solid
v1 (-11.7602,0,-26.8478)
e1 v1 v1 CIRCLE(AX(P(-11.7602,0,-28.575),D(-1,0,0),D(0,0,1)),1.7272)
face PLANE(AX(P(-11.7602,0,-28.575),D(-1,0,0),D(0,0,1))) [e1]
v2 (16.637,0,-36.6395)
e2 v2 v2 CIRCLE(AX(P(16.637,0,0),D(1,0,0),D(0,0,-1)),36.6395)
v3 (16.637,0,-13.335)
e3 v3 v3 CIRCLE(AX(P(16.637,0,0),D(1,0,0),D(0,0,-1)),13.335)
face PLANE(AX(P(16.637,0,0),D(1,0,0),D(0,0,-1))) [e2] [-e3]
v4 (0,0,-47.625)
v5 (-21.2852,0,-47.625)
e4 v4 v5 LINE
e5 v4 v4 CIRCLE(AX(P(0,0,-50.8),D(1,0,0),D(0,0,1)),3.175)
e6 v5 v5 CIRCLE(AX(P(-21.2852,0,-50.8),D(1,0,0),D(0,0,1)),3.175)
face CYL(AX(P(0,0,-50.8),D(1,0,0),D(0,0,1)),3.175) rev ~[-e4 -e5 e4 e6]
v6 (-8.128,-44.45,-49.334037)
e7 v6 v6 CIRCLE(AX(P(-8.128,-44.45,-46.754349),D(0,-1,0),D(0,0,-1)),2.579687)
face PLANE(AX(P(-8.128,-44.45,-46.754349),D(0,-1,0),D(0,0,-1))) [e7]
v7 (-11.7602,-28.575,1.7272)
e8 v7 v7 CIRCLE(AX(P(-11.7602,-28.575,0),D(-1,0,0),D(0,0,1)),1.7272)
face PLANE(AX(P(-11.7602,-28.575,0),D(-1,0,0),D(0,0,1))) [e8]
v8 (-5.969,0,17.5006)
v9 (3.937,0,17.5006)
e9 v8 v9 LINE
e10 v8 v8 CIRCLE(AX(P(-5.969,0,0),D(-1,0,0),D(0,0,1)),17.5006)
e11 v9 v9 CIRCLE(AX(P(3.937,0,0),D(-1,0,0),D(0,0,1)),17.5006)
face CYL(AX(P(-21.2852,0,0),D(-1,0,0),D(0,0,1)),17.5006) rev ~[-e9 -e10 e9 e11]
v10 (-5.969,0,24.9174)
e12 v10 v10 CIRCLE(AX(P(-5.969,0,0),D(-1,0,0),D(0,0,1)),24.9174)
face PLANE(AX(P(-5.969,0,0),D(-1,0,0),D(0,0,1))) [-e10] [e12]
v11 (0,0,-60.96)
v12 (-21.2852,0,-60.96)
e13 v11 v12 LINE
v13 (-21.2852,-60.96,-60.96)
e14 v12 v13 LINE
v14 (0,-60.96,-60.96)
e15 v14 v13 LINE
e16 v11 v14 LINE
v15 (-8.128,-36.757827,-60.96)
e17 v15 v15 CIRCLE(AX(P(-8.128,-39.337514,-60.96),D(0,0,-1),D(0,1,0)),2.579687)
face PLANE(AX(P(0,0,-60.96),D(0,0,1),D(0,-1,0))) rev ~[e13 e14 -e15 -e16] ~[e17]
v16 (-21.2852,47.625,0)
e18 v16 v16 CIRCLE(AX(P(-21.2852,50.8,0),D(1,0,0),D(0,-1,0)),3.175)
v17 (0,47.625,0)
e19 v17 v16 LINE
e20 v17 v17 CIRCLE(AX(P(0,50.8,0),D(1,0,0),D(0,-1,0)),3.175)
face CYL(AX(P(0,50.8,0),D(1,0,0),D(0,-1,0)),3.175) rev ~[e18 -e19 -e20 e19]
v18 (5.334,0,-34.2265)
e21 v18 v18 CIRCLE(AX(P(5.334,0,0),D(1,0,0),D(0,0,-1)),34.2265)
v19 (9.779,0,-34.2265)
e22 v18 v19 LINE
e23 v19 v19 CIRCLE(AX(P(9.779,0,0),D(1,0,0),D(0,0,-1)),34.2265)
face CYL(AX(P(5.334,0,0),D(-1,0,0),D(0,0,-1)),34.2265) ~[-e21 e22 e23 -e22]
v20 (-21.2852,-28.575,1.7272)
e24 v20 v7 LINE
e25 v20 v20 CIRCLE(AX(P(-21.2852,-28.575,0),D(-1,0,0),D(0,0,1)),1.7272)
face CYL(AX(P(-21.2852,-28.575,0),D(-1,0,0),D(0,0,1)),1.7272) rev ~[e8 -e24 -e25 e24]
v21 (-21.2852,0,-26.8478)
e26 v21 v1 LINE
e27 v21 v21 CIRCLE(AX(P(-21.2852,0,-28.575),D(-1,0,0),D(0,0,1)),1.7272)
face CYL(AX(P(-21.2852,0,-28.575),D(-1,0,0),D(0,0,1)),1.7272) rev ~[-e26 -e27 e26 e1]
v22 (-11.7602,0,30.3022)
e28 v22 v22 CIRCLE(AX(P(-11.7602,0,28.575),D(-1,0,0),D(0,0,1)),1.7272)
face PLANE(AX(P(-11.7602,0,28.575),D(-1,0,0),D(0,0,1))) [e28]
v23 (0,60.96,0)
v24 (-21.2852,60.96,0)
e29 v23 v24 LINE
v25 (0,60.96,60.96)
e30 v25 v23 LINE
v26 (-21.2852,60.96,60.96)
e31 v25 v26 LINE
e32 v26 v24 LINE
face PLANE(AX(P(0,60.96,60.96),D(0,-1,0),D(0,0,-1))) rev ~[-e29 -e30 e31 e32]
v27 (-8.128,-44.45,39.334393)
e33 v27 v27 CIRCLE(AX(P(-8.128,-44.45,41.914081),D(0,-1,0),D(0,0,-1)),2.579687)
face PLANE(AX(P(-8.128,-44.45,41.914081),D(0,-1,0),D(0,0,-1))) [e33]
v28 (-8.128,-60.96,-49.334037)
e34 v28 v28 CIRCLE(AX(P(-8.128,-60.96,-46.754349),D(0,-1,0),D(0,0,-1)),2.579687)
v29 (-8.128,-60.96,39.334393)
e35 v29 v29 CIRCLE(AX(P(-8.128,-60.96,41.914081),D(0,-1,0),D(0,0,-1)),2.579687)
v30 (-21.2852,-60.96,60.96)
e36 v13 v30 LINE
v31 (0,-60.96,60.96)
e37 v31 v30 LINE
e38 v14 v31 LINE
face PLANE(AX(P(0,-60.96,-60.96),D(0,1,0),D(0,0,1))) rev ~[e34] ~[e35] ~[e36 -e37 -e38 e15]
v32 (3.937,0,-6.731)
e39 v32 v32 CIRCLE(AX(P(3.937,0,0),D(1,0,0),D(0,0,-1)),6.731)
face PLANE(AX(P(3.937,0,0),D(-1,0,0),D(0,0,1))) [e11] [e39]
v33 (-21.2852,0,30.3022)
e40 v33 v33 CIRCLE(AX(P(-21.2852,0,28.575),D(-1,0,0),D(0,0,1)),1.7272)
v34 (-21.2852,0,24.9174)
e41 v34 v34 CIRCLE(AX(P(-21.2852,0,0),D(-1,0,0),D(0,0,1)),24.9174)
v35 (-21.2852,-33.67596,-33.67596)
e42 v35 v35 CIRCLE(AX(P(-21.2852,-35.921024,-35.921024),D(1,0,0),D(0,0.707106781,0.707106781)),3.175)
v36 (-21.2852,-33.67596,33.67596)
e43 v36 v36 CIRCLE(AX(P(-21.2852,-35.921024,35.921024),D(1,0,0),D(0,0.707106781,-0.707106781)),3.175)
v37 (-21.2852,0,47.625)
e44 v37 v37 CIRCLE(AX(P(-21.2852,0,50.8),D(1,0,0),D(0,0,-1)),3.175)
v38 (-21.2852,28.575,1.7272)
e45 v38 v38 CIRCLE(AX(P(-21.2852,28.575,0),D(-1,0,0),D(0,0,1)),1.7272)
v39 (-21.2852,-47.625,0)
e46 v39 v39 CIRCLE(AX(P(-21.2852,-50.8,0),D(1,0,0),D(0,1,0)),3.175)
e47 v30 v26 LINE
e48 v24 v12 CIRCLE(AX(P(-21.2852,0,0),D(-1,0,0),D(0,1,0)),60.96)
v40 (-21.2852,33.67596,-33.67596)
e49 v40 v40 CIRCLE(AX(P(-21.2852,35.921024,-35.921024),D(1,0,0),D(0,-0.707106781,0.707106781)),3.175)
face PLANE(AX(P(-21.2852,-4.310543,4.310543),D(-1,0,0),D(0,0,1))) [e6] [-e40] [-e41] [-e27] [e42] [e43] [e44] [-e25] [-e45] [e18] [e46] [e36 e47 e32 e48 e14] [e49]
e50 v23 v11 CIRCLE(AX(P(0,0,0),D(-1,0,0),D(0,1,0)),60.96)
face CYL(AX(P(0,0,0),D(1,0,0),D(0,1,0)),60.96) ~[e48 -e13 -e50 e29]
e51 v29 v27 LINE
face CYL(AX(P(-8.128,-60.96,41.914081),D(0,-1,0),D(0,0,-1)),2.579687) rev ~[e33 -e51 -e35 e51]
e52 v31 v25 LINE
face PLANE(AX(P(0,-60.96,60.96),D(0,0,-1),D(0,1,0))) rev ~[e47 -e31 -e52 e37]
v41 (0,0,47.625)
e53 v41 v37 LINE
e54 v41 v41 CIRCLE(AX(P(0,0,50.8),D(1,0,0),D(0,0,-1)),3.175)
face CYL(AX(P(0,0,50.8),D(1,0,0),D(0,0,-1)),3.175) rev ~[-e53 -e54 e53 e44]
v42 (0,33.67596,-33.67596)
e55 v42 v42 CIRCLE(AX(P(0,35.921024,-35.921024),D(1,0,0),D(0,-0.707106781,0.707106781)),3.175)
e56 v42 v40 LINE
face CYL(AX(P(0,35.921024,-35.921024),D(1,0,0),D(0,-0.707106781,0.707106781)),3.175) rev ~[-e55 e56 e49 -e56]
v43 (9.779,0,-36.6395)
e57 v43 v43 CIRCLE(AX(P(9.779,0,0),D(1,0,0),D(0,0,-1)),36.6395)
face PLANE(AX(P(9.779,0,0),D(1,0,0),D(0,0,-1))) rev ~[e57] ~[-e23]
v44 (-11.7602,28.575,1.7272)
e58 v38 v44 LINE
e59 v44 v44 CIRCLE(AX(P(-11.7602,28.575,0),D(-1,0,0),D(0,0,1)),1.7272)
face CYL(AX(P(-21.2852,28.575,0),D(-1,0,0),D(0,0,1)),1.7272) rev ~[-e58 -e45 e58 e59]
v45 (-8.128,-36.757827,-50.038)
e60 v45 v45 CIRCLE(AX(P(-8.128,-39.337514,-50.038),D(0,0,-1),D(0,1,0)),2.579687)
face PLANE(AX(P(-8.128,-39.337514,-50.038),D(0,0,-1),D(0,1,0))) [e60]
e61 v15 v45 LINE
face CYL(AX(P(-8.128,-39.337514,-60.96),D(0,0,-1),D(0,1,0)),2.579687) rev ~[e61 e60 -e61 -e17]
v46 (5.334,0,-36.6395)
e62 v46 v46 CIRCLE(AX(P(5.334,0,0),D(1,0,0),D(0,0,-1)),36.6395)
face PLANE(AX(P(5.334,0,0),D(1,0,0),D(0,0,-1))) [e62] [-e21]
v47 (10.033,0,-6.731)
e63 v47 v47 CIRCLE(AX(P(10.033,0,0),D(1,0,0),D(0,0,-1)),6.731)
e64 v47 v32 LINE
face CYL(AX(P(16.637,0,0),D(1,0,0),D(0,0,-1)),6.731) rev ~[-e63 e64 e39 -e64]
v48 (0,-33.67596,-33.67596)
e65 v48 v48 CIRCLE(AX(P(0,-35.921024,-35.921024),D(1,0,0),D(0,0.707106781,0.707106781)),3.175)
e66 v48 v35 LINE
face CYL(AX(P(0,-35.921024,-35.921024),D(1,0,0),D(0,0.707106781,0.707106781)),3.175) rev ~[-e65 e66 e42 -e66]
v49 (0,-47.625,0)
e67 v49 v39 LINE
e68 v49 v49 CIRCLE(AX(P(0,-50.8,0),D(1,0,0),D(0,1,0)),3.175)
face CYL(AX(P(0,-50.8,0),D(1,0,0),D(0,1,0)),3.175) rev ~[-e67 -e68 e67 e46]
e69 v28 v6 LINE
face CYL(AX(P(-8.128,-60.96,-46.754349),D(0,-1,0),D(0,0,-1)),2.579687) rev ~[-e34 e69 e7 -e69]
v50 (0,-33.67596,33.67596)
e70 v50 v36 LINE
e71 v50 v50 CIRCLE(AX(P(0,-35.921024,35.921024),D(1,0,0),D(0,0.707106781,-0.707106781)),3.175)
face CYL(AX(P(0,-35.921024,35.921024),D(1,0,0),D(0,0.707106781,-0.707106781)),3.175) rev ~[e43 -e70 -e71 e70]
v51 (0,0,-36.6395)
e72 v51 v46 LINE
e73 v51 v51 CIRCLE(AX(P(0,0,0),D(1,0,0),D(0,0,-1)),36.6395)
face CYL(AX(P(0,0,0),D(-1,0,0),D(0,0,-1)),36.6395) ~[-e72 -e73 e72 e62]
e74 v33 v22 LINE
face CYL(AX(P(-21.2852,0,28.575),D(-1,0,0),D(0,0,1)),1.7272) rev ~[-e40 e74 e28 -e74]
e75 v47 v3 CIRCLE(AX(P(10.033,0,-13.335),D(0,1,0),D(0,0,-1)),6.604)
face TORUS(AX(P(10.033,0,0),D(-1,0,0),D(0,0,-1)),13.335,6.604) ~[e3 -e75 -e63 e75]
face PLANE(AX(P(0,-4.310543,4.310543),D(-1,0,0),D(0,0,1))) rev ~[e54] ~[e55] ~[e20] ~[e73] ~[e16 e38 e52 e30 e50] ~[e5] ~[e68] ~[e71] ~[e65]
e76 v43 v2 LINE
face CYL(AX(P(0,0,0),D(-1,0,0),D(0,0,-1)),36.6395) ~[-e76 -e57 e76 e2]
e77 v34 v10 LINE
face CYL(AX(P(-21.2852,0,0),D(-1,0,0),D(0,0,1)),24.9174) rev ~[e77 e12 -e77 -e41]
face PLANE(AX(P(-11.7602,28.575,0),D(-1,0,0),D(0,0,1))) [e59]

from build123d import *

# Parameters (mm, degrees)
SKETCH1_R                     = 36.6395
HOUSING_FITTING_EXTRUDE_DEPTH = 16.637
HOUSING_BODY_1_DEPTH          = 21.2852
SKETCH3_R                     = 6.731
IMPELLER_BORE_DEPTH           = 17.018
SKETCH4_R                     = 4
SHAFT_BORE_DEPTH              = 20.9042
O_RING_CUT_DEPTH              = 1.27
O_RING_CUT_DEPTH_BACK         = 3.175
SKETCH5_R                     = 36.6395
SKETCH5_R_2                   = 34.2265
SKETCH12_R                    = 3.175
CUT_EXTRUDE2_DEPTH            = 21.2852
CIRPATTERN1_COUNT             = 8
SKETCH14_R                    = 2.5796875
CUT_EXTRUDE4_DEPTH            = 16.51
SKETCH15_R                    = 2.5796875
CUT_EXTRUDE5_DEPTH            = 10.922
FILLET1_R                     = 6.604
SKETCH17_R                    = 17.5006
CUT_EXTRUDE8_DEPTH            = 25.2222
SKETCH18_R                    = 24.9174
CUT_EXTRUDE9_DEPTH            = 15.3162
SKETCH19_R                    = 1.7272
CUT_EXTRUDE10_DEPTH           = 9.525


with BuildPart() as part:
    # Sketch1 → Housing Fitting Extrude (new body)
    with BuildSketch(Plane(origin=(0, 0, 0), x_dir=(0, 0, -1), z_dir=(1, 0, 0))):
        Circle(SKETCH1_R)
    extrude(amount=HOUSING_FITTING_EXTRUDE_DEPTH)

    # Sketch2 → Housing Body 1 (add)
    with BuildSketch(Plane.ZY):
        with BuildLine():
            Line((60.96, 0), (60.96, 60.96))
            Line((60.96, 60.96), (0, 60.96))
            ThreePointArc((0, 60.96), (-43.105229381, 43.105229381), (-60.96, 0))
            Line((-60.96, 0), (-60.96, -54.61))
            Line((-60.96, -54.61), (-60.96, -60.96))
            Line((-60.96, -60.96), (60.96, -60.96))
            Line((60.96, -60.96), (60.96, -54.61))
            Line((60.96, -54.61), (60.96, 0))
        make_face()
    extrude(amount=HOUSING_BODY_1_DEPTH)

    # Sketch3 → Impeller Bore (cut)
    with BuildSketch(Plane(origin=(16.637, 0, 0), x_dir=(0, 0, -1), z_dir=(1, 0, 0))):
        Circle(SKETCH3_R)
    extrude(amount=-IMPELLER_BORE_DEPTH, mode=Mode.SUBTRACT)

    # Sketch4 → Shaft Bore (cut)
    with BuildSketch(Plane(origin=(-0.381, 0, 0), x_dir=(0, 0, -1), z_dir=(1, 0, 0))):
        Circle(SKETCH4_R)
    extrude(amount=-SHAFT_BORE_DEPTH, mode=Mode.SUBTRACT)

    # Sketch5 → O-Ring Cut (cut, two sides: drawn at the far end of the back side and taken through both)
    with BuildSketch(Plane(origin=(8.509, 0, 0), x_dir=(0, 0, -1), z_dir=(1, 0, 0)).offset(-O_RING_CUT_DEPTH_BACK)):
        Circle(SKETCH5_R)
        Circle(SKETCH5_R_2, mode=Mode.SUBTRACT)
    extrude(amount=O_RING_CUT_DEPTH + O_RING_CUT_DEPTH_BACK, mode=Mode.SUBTRACT)

    # Sketch12 → Cut-Extrude2 (cut)
    with BuildSketch(Plane(origin=(0, 0, 0), x_dir=(0, 0, -1), z_dir=(1, 0, 0))):
        with Locations((-50.8, 0)):
            Circle(SKETCH12_R)
    cut_extrude2 = extrude(amount=-CUT_EXTRUDE2_DEPTH, mode=Mode.SUBTRACT)

    # CirPattern1: Cut-Extrude2 ×8 about axis, 1 skipped
    cirpattern1_axis = Axis((0, 0, 0), (1, 0, 0))
    add([cut_extrude2.rotate(cirpattern1_axis, i * 360 / CIRPATTERN1_COUNT) for i in range(1, CIRPATTERN1_COUNT) if i not in (7,)], mode=Mode.SUBTRACT)

    # Sketch14 → Cut-Extrude4 (cut)
    with BuildSketch(Plane.XZ.offset(60.96)):
        with Locations(Location((-8.128, -46.754349092, 0), (0, 0, 270))):
            Circle(SKETCH14_R)
        with Locations(Location((-8.128, 41.914080666, 0), (0, 0, 270))):
            Circle(SKETCH14_R)
    extrude(amount=-CUT_EXTRUDE4_DEPTH, mode=Mode.SUBTRACT)

    # Sketch15 → Cut-Extrude5 (cut)
    with BuildSketch(Plane(origin=(0, 0, -60.96), x_dir=(-1, 0, 0), z_dir=(0, 0, -1))):
        with Locations(Location((8.128, -39.337514031, 0), (0, 0, 90))):
            Circle(SKETCH15_R)
    extrude(amount=-CUT_EXTRUDE5_DEPTH, mode=Mode.SUBTRACT)

    # Fillet1
    fillet1_edges = [part.edges().sort_by_distance(p)[0] for p in [
        (16.637, 0, 6.731),
    ]]
    fillet(fillet1_edges, radius=FILLET1_R)

    # Sketch17 → Cut-Extrude8 (cut)
    with BuildSketch(Plane.ZY.offset(21.2852)):
        Circle(SKETCH17_R)
    extrude(amount=-CUT_EXTRUDE8_DEPTH, mode=Mode.SUBTRACT)

    # Sketch18 → Cut-Extrude9 (cut)
    with BuildSketch(Plane.ZY.offset(21.2852)):
        Circle(SKETCH18_R)
    extrude(amount=-CUT_EXTRUDE9_DEPTH, mode=Mode.SUBTRACT)

    # Sketch19 → Cut-Extrude10 (cut)
    with BuildSketch(Plane.ZY.offset(21.2852)):
        with Locations((0, 28.575)):
            Circle(SKETCH19_R)
        with Locations((28.575, 0)):
            Circle(SKETCH19_R)
        with Locations((0, -28.575)):
            Circle(SKETCH19_R)
        with Locations((-28.575, 0)):
            Circle(SKETCH19_R)
    extrude(amount=-CUT_EXTRUDE10_DEPTH, mode=Mode.SUBTRACT)


solid = part.part
